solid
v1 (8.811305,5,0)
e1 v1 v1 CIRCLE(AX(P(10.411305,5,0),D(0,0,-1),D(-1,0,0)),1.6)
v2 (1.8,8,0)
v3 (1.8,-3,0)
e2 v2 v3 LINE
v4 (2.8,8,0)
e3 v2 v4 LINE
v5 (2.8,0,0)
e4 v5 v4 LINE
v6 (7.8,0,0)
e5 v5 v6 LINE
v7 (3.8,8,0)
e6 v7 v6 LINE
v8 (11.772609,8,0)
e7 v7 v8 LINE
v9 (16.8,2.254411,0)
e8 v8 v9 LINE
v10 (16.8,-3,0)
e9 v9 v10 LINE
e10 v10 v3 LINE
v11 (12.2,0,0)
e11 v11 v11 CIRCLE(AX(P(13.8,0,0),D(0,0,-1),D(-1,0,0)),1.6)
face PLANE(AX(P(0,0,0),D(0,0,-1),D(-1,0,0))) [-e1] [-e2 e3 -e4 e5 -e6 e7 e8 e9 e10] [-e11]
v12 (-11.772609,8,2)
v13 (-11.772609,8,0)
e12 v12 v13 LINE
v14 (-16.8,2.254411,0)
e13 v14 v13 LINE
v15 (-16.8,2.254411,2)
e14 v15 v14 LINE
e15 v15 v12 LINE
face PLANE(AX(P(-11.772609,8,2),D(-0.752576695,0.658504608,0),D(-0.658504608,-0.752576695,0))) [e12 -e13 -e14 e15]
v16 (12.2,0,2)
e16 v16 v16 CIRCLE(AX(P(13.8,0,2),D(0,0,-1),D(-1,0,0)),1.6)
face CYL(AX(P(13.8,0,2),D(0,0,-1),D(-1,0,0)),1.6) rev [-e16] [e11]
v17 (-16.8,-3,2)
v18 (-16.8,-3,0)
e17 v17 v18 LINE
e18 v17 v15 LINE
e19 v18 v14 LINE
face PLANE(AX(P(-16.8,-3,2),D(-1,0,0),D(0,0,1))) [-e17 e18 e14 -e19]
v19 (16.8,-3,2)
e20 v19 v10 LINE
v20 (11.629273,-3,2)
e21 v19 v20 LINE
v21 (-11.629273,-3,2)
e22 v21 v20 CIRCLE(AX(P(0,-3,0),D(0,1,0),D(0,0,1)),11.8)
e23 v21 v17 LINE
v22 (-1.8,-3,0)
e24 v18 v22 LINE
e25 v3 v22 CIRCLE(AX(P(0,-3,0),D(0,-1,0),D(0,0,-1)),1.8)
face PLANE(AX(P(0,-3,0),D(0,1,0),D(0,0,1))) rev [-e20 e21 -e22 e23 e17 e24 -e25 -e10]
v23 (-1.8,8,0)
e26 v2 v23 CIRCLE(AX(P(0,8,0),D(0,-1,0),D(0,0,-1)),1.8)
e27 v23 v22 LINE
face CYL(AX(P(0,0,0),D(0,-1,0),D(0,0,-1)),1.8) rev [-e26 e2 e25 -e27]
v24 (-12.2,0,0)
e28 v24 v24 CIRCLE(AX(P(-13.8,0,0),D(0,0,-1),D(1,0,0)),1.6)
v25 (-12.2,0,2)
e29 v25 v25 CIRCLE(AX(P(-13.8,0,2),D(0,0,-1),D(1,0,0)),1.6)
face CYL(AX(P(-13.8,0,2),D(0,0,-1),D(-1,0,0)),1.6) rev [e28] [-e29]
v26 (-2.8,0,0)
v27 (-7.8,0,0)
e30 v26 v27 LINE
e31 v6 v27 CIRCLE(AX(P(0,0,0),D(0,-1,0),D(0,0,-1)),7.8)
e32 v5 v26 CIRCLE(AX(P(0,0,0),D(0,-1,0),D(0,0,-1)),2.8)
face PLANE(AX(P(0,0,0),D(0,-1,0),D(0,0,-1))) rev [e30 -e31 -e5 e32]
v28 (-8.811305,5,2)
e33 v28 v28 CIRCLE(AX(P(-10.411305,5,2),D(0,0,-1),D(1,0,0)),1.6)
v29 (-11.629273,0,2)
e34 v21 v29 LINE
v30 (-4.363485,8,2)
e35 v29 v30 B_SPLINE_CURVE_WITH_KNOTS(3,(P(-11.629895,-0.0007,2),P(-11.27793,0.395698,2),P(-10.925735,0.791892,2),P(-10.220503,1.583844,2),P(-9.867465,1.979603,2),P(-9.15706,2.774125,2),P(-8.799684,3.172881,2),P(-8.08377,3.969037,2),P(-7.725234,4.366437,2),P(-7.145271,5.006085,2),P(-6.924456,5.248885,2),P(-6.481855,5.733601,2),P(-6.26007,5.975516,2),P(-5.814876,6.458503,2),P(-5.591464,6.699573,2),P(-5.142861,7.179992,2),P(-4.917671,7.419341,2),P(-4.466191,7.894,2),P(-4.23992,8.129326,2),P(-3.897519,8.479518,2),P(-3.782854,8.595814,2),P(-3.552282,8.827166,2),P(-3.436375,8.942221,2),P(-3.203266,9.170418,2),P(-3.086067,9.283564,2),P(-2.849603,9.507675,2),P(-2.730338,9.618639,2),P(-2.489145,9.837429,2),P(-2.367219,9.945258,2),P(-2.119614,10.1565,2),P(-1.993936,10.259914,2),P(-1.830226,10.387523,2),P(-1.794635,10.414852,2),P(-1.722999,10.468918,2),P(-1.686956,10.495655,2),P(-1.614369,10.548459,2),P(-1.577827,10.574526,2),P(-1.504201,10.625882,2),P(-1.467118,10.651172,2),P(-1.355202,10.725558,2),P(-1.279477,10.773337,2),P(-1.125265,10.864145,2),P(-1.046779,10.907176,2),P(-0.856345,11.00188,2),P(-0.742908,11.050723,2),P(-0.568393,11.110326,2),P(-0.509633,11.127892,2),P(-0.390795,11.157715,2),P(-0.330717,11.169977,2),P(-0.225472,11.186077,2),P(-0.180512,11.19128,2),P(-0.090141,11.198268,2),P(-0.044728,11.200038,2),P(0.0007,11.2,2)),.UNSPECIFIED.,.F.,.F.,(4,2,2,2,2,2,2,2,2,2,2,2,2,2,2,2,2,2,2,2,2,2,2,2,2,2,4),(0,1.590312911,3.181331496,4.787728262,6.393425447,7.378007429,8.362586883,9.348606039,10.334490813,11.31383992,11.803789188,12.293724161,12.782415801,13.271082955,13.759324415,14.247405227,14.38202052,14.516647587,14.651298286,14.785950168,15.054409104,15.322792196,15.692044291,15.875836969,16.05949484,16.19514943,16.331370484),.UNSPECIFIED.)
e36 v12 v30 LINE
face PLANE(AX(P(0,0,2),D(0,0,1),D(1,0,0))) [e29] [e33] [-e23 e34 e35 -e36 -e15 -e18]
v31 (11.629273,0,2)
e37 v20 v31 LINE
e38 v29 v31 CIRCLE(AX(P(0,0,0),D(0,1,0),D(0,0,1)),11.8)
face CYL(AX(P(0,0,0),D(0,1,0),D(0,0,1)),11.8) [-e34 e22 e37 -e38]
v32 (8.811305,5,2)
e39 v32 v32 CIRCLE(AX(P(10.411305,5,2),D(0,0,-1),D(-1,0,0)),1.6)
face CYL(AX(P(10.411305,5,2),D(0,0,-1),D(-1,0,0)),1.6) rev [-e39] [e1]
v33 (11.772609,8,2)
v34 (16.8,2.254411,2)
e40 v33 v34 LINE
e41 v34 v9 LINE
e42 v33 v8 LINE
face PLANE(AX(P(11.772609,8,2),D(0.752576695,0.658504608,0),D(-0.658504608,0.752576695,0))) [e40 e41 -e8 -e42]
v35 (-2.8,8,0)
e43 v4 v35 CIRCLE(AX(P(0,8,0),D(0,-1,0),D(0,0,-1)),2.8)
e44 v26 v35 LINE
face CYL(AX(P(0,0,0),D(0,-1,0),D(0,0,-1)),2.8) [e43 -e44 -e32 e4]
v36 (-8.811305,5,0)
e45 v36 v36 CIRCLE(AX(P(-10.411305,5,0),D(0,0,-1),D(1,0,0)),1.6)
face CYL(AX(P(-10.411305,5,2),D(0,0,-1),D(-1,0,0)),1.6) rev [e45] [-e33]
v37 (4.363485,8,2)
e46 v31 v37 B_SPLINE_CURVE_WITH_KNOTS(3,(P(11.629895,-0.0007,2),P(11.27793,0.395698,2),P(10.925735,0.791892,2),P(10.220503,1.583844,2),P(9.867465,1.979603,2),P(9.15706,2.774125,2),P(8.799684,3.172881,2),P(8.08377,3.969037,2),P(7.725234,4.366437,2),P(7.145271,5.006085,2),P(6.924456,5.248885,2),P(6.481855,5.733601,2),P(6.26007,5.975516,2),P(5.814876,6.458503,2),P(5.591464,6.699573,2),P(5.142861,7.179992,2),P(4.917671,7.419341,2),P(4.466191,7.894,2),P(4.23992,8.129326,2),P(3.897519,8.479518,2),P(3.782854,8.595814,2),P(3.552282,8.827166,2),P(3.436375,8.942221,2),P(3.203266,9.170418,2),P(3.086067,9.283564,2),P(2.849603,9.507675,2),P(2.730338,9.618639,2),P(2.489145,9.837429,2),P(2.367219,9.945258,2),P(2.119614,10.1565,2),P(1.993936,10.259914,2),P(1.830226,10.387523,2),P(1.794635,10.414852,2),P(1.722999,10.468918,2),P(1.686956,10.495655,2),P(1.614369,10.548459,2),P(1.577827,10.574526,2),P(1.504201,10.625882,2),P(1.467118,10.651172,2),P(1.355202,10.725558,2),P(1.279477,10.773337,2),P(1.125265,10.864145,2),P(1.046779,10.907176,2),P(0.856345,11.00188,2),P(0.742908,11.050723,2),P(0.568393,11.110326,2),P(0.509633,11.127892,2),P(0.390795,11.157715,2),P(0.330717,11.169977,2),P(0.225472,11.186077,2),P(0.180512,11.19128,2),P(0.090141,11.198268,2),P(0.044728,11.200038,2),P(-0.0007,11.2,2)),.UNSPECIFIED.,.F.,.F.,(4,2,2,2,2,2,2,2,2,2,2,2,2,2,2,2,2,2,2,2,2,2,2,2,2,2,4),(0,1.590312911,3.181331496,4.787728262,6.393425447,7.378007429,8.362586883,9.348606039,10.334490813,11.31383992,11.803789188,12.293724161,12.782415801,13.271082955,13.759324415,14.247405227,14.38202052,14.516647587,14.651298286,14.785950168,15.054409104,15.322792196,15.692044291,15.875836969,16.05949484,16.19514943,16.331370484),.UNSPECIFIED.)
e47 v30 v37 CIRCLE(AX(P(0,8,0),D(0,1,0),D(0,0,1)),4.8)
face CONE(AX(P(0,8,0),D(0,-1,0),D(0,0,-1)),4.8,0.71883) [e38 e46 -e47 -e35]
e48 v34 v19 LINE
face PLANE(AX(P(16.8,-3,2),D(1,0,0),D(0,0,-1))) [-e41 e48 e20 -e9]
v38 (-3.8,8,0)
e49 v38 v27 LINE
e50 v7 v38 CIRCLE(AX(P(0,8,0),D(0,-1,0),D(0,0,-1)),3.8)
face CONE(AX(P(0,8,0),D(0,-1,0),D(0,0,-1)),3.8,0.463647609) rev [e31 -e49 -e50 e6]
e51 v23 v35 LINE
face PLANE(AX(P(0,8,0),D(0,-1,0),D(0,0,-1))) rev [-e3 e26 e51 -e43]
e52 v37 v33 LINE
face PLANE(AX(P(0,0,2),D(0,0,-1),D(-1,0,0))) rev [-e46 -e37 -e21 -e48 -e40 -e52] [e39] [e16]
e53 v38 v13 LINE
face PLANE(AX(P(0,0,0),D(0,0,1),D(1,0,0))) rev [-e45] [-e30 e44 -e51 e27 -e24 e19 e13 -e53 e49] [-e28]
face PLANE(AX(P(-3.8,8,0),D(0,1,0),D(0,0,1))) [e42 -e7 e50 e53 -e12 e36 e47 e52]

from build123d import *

# Parameters (mm, degrees)
SKETCH1_W             = 1
SKETCH1_H             = 8
REVOLVE1_ANGLE        = 180
SKETCH2_R             = 1.6
BOSS_EXTRUDE1_DEPTH   = 2
BOSS_EXTRUDE1_2_DEPTH = 2
REVOLVE2_ANGLE        = 180


with BuildPart() as part:
    # Sketch1 → Revolve1 (revolve)
    with BuildSketch(Plane.XY):
        Polygon((-1.8, -3), (-1.8, 0), (-2.8, 0), (-7.8, 0), (-10.8, 0), (-10.8, -3), align=None)
        Polygon((-10.8, 0), (-3.8, 8), (-7.8, 0), align=None)
        with Locations((-2.3, 4)):
            Rectangle(SKETCH1_W, SKETCH1_H)
    revolve(axis=Axis((0, 0, 0), (0, 1, 0)), revolution_arc=REVOLVE1_ANGLE)



with BuildPart() as body_2:
    # Sketch2 → Boss-Extrude1 (new body)
    with BuildSketch(Plane(origin=(0, 0, 0), x_dir=(-1, 0, 0), z_dir=(0, 0, -1))):
        Polygon((-10.8, -3), (-16.8, -3), (-16.8, 2.254410697), (-11.77260936, 8), (-3.8, 8), (-10.8, 0), align=None)
        with Locations((-10.41130468, 5)):
            Circle(SKETCH2_R, mode=Mode.SUBTRACT)
        with Locations((-13.8, 0)):
            Circle(SKETCH2_R, mode=Mode.SUBTRACT)
    extrude(amount=-BOSS_EXTRUDE1_DEPTH)


with BuildPart() as body_3:
    # Sketch2 → Boss-Extrude1 2 (new body)
    with BuildSketch(Plane(origin=(0, 0, 0), x_dir=(-1, 0, 0), z_dir=(0, 0, -1))):
        Polygon((10.8, 0), (3.8, 8), (11.77260936, 8), (16.8, 2.254410697), (16.8, -3), (10.8, -3), align=None)
        with Locations(Location((13.8, 0, 0), (0, 0, 180))):
            Circle(SKETCH2_R, mode=Mode.SUBTRACT)
        with Locations(Location((10.41130468, 5, 0), (0, 0, 180))):
            Circle(SKETCH2_R, mode=Mode.SUBTRACT)
    extrude(amount=-BOSS_EXTRUDE1_2_DEPTH)


with BuildPart() as part_1:
    add(part.part)

    add(body_2.part)  # Revolve2 merges body 2

    add(body_3.part)  # Revolve2 merges body 3
    # Sketch3 → Revolve2 (revolve)
    with BuildSketch(Plane(origin=(0, 0, 0), x_dir=(-1, 0, 0), z_dir=(0, 0, -1))):
        Polygon((-11.8, -3), (-11.8, 0), (-4.8, 8), (-3.8, 8), (-10.8, 0), (-10.8, -3), align=None)
    revolve(axis=Axis((0, 0, 0), (0, -1, 0)), revolution_arc=REVOLVE2_ANGLE)


solid = part_1.part
